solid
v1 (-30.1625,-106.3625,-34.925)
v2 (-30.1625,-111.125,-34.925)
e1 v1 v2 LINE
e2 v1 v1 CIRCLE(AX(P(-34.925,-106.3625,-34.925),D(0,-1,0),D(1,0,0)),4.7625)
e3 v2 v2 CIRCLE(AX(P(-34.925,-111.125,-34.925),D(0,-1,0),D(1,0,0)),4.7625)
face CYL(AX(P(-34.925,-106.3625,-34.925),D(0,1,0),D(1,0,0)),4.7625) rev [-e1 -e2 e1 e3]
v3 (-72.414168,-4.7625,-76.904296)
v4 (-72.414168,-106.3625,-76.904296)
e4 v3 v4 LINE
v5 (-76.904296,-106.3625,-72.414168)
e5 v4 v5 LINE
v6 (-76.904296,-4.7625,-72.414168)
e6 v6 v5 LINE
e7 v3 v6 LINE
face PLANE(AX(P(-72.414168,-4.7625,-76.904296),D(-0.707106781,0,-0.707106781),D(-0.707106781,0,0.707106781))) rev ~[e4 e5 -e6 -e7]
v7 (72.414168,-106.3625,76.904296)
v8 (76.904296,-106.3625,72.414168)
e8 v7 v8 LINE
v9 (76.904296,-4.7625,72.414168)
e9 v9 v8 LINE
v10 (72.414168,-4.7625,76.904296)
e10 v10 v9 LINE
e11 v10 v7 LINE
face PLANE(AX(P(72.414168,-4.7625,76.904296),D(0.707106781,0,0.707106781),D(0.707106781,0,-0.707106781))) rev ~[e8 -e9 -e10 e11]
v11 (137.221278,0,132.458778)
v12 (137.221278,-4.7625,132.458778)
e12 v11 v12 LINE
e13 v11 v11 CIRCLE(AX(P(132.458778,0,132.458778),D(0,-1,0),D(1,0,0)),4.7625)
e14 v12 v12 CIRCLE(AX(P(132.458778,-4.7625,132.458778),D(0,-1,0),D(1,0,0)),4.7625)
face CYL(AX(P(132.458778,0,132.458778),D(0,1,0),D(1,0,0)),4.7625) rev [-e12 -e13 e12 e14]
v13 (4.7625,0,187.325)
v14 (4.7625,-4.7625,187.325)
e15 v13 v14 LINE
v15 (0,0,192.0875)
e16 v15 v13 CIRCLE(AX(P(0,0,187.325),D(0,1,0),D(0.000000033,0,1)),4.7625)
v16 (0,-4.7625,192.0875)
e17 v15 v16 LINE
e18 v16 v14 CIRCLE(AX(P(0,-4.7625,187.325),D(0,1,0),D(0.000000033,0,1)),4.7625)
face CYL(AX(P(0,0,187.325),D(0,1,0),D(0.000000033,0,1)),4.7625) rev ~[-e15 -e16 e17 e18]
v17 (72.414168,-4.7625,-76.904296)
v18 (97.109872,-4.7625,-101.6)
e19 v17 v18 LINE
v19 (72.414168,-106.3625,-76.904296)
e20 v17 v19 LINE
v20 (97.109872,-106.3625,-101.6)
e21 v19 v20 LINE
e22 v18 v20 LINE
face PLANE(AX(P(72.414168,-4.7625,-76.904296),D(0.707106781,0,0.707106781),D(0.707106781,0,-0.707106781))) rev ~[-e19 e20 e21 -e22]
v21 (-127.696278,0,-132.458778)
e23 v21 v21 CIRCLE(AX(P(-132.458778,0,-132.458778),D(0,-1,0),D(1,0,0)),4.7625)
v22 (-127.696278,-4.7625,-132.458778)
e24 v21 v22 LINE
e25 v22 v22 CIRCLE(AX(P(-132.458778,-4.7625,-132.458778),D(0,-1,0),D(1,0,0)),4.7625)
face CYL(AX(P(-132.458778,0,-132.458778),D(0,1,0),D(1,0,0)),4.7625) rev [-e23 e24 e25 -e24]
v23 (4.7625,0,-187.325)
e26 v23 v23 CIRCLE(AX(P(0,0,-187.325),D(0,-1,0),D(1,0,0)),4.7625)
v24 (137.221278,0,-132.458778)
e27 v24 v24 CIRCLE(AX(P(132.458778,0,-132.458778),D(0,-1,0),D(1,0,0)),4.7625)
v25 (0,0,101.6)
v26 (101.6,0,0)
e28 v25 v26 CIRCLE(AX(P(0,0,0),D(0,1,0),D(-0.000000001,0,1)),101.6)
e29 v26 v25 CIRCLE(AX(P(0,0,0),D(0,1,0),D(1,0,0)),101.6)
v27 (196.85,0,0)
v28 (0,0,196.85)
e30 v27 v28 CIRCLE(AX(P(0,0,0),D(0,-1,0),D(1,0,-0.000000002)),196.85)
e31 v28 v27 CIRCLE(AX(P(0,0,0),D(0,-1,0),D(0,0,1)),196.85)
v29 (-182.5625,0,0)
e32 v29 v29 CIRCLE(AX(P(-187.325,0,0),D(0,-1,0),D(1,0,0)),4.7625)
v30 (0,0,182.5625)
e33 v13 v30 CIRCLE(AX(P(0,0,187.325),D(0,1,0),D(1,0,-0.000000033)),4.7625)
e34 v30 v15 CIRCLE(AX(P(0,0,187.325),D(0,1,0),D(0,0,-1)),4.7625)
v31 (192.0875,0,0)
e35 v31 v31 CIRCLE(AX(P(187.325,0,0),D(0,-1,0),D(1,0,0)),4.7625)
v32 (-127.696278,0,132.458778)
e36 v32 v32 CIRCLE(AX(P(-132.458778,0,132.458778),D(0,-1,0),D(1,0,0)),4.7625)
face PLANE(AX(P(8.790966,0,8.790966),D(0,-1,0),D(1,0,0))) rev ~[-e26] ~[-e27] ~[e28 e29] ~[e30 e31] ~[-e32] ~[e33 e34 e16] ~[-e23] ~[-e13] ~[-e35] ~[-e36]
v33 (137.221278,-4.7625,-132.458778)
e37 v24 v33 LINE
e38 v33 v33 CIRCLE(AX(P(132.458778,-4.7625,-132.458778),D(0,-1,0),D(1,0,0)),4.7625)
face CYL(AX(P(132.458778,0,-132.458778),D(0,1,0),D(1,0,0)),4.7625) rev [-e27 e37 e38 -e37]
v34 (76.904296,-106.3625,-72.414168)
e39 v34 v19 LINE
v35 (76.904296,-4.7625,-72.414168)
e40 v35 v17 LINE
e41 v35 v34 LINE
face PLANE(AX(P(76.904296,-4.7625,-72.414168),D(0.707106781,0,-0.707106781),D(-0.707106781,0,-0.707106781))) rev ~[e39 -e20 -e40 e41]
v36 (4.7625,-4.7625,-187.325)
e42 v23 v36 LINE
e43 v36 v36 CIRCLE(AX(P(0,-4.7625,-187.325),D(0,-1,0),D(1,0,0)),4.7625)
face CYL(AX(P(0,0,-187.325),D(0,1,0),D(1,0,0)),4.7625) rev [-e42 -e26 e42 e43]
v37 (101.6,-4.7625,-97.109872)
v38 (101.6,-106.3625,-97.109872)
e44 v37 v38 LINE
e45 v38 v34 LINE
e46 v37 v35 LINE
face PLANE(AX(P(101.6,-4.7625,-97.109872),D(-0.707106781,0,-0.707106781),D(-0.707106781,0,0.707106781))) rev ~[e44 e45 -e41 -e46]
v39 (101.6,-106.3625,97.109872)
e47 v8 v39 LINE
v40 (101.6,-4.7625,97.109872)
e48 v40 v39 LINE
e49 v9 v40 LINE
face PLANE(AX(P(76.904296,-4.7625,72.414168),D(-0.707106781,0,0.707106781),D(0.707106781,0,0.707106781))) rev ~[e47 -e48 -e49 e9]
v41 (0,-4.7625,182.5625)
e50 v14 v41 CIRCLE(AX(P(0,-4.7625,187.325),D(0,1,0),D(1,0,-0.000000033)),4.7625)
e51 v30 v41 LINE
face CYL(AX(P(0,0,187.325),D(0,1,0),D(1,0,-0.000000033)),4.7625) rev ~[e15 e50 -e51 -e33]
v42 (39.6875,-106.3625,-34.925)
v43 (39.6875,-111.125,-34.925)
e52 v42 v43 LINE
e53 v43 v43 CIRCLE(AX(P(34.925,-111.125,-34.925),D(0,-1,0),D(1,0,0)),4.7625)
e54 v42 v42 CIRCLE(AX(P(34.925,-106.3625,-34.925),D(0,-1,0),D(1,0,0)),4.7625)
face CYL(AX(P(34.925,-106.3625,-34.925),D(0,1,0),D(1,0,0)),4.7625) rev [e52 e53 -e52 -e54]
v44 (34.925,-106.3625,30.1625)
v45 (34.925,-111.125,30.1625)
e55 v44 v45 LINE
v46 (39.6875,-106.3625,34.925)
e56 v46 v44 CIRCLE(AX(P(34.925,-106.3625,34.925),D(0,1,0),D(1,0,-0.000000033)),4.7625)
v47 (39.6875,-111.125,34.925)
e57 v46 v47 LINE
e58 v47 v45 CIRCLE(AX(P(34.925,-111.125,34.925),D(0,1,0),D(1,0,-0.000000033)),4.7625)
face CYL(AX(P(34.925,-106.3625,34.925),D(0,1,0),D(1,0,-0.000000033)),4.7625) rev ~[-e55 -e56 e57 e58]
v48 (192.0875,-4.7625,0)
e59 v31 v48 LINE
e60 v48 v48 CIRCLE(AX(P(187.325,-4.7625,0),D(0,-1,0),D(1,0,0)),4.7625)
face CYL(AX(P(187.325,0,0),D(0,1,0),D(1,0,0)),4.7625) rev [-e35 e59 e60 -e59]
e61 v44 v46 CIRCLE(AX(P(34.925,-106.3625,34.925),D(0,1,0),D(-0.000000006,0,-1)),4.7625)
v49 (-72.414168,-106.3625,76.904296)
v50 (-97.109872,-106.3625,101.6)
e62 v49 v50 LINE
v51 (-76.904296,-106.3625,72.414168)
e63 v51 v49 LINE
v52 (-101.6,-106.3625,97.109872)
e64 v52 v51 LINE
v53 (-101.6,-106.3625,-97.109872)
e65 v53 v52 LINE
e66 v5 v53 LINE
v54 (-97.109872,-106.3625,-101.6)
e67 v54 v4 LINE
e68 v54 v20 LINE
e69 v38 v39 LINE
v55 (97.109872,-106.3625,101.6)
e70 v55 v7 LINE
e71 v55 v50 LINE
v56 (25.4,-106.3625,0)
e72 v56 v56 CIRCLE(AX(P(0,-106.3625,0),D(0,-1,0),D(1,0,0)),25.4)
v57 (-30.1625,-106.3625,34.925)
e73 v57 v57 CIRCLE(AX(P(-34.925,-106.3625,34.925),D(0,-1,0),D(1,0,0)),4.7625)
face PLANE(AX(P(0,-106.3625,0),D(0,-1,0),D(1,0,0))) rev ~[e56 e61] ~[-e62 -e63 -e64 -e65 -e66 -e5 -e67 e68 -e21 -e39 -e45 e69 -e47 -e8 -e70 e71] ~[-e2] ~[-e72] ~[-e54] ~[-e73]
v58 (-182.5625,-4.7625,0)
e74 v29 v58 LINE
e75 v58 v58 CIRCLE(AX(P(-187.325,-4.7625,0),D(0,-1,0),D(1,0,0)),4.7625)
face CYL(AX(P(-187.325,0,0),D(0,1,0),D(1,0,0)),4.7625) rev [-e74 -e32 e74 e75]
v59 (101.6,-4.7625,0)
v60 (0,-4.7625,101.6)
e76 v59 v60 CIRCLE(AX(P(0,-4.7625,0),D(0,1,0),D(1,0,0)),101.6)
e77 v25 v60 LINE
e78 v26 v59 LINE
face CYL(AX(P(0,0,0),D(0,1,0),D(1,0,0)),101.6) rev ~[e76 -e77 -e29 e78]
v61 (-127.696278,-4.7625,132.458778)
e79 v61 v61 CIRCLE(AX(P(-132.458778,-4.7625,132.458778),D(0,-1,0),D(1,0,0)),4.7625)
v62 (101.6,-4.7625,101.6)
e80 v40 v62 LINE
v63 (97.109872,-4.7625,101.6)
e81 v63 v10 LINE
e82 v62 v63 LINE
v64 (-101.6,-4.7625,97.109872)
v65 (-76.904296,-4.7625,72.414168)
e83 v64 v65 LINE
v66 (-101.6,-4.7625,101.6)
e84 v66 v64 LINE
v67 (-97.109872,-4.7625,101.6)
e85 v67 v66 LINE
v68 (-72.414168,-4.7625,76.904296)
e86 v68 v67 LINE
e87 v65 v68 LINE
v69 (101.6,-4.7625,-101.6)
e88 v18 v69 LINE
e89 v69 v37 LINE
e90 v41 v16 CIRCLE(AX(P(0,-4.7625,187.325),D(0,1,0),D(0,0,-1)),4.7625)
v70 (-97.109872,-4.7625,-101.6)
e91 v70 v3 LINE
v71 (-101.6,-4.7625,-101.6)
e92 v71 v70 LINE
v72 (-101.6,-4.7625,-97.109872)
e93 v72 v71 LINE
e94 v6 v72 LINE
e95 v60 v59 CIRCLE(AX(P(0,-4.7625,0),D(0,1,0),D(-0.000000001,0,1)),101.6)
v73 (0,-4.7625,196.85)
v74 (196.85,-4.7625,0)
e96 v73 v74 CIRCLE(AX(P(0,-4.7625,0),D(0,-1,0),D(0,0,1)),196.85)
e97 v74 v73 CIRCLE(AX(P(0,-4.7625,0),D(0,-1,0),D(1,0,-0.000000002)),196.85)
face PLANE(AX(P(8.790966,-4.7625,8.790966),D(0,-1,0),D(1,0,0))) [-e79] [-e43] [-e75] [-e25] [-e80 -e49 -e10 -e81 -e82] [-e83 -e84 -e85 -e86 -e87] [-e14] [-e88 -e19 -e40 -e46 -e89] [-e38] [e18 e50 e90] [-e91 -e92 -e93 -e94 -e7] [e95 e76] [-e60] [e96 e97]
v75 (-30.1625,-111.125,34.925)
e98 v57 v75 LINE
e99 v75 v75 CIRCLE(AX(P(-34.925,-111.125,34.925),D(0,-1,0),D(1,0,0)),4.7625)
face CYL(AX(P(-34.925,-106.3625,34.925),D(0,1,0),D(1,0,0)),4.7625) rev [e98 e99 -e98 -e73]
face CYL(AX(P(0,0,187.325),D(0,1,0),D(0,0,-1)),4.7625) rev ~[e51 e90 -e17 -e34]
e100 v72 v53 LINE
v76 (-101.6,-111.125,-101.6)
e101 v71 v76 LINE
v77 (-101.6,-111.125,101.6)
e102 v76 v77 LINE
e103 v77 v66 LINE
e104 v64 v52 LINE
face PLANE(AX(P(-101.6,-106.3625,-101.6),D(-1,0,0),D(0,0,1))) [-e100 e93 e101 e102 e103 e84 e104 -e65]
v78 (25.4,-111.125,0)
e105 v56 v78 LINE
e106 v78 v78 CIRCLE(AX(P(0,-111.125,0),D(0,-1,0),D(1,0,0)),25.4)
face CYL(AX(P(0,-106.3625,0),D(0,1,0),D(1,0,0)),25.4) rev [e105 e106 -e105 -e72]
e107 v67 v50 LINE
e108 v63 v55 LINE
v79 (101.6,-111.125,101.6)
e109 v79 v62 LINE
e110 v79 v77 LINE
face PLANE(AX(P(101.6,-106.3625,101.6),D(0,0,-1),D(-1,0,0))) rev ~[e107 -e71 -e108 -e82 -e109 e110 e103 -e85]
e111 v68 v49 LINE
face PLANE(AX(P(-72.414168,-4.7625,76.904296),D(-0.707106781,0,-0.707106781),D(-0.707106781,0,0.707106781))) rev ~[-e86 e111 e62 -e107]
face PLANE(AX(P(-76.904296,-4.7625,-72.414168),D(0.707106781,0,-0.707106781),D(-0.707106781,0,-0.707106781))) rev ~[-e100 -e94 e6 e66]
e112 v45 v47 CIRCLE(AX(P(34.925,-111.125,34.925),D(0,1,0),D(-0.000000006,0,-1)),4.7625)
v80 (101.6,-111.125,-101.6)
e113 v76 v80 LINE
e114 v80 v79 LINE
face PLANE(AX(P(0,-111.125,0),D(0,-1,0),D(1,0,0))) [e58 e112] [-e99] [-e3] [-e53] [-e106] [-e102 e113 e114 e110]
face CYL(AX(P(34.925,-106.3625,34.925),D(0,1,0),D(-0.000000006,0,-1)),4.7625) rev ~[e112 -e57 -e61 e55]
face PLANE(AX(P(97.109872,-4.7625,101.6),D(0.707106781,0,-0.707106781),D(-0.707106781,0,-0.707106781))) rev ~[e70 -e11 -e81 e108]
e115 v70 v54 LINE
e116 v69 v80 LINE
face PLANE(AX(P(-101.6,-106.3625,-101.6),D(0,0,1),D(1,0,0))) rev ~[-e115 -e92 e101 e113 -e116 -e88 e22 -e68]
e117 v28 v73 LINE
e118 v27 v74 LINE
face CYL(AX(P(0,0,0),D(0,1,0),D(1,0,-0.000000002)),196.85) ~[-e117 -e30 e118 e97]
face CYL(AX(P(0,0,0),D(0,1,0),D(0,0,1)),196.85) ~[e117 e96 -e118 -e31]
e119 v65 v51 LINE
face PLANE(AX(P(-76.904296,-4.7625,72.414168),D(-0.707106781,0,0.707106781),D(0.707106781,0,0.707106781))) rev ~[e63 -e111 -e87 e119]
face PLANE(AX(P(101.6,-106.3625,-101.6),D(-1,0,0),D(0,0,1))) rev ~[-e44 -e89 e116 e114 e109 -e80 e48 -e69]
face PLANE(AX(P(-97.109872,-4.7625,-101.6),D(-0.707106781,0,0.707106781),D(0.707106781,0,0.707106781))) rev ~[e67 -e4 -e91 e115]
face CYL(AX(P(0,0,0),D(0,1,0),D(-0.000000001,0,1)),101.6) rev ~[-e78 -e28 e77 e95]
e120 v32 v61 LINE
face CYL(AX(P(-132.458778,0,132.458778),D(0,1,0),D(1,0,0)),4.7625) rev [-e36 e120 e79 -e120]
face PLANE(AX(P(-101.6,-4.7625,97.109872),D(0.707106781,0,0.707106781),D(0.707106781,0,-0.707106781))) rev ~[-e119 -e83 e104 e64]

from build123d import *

# Parameters (mm, degrees)
F0_R     = 4.7625
F1_DEPTH = 4.7625
F3_DEPTH = 101.6
F4_W     = 203.2
F4_H     = 203.2
F4_R     = 4.7625
F4_R_2   = 25.4
F5_DEPTH = 4.7625


with BuildPart() as f1:
    # F0 (on Front) → F1 (new body)
    with BuildSketch(Plane.XZ):
        with BuildLine():
            ThreePointArc((196.85, 0), (139.19397, 139.19397), (0, 196.85))
            ThreePointArc((0, 196.85), (-139.19397, -139.19397), (196.85, 0))
        make_face()
        with Locations((-132.458778, -132.458778)):
            Circle(F0_R, mode=Mode.SUBTRACT)
        with Locations((0, -187.325)):
            Circle(F0_R, mode=Mode.SUBTRACT)
        with Locations((132.458778, -132.458778)):
            Circle(F0_R, mode=Mode.SUBTRACT)
        with Locations((-187.325, 0)):
            Circle(F0_R, mode=Mode.SUBTRACT)
        with Locations((-132.458778, 132.458778)):
            Circle(F0_R, mode=Mode.SUBTRACT)
        with BuildLine():
            ThreePointArc((177.8, 0), (-125.723586, -125.723586), (0, 177.8))
            ThreePointArc((0, 177.8), (125.723586, 125.723586), (177.8, 0))
        make_face(mode=Mode.SUBTRACT)
        with Locations((187.325, 0)):
            Circle(F0_R, mode=Mode.SUBTRACT)
        with BuildLine():
            ThreePointArc((4.7625, 187.325), (3.367596, 183.957404), (0, 182.5625))
            ThreePointArc((0, 182.5625), (-4.7625, 187.325), (0, 192.0875))
            ThreePointArc((0, 192.0875), (3.367596, 190.692596), (4.7625, 187.325))
        make_face(mode=Mode.SUBTRACT)
        with Locations((132.458778, 132.458778)):
            Circle(F0_R, mode=Mode.SUBTRACT)
        with BuildLine():
            ThreePointArc((177.8, 0), (125.723586, 125.723586), (0, 177.8))
            ThreePointArc((0, 177.8), (-125.723586, -125.723586), (177.8, 0))
        make_face()
        with BuildLine():
            ThreePointArc((0, 101.6), (71.842049, 71.842049), (101.6, 0))
            ThreePointArc((101.6, 0), (-71.842049, -71.842049), (0, 101.6))
        make_face(mode=Mode.SUBTRACT)
    extrude(amount=F1_DEPTH)

    # F2 (on face) → F3 (join)
    with BuildSketch(Plane.XZ.offset(4.7625)):
        Polygon((-72.414168, 76.904296), (-97.109872, 101.6), (-101.6, 101.6), (-101.6, 97.109872), (-76.904296, 72.414168), (-74.659232, 74.659232), align=None)
        Polygon((76.904296, 72.414168), (101.6, 97.109872), (101.6, 101.6), (97.109872, 101.6), (72.414168, 76.904296), (74.659232, 74.659232), align=None)
        Polygon((101.6, -101.6), (101.6, -97.109872), (76.904296, -72.414168), (74.659232, -74.659232), (72.414168, -76.904296), (97.109872, -101.6), align=None)
        Polygon((-101.6, -101.6), (-97.109872, -101.6), (-72.414168, -76.904296), (-74.659232, -74.659232), (-76.904296, -72.414168), (-101.6, -97.109872), align=None)
    extrude(amount=F3_DEPTH)

    # F4 (on face) → F5 (join)
    with BuildSketch(Plane.XZ.offset(106.3625)):
        Rectangle(F4_W, F4_H)
        with Locations((-34.925, -34.925)):
            Circle(F4_R, mode=Mode.SUBTRACT)
        Circle(F4_R_2, mode=Mode.SUBTRACT)
        with Locations((34.925, -34.925)):
            Circle(F4_R, mode=Mode.SUBTRACT)
        with Locations((-34.925, 34.925)):
            Circle(F4_R, mode=Mode.SUBTRACT)
        with BuildLine():
            ThreePointArc((39.6875, 34.925), (38.292596, 31.557404), (34.925, 30.1625))
            ThreePointArc((34.925, 30.1625), (31.557404, 38.292596), (39.6875, 34.925))
        make_face(mode=Mode.SUBTRACT)
        Polygon((-97.109872, 101.6), (-101.6, 101.6), (-101.6, -101.6), (101.6, -101.6), (101.6, 101.6), align=None)
        with Locations((-34.925, -34.925)):
            Circle(F4_R, mode=Mode.SUBTRACT)
        Circle(F4_R_2, mode=Mode.SUBTRACT)
        with Locations((34.925, -34.925)):
            Circle(F4_R, mode=Mode.SUBTRACT)
        with Locations((-34.925, 34.925)):
            Circle(F4_R, mode=Mode.SUBTRACT)
        with BuildLine():
            ThreePointArc((39.6875, 34.925), (38.292596, 31.557404), (34.925, 30.1625))
            ThreePointArc((34.925, 30.1625), (31.557404, 38.292596), (39.6875, 34.925))
        make_face(mode=Mode.SUBTRACT)
    extrude(amount=F5_DEPTH)


solid = f1.part
